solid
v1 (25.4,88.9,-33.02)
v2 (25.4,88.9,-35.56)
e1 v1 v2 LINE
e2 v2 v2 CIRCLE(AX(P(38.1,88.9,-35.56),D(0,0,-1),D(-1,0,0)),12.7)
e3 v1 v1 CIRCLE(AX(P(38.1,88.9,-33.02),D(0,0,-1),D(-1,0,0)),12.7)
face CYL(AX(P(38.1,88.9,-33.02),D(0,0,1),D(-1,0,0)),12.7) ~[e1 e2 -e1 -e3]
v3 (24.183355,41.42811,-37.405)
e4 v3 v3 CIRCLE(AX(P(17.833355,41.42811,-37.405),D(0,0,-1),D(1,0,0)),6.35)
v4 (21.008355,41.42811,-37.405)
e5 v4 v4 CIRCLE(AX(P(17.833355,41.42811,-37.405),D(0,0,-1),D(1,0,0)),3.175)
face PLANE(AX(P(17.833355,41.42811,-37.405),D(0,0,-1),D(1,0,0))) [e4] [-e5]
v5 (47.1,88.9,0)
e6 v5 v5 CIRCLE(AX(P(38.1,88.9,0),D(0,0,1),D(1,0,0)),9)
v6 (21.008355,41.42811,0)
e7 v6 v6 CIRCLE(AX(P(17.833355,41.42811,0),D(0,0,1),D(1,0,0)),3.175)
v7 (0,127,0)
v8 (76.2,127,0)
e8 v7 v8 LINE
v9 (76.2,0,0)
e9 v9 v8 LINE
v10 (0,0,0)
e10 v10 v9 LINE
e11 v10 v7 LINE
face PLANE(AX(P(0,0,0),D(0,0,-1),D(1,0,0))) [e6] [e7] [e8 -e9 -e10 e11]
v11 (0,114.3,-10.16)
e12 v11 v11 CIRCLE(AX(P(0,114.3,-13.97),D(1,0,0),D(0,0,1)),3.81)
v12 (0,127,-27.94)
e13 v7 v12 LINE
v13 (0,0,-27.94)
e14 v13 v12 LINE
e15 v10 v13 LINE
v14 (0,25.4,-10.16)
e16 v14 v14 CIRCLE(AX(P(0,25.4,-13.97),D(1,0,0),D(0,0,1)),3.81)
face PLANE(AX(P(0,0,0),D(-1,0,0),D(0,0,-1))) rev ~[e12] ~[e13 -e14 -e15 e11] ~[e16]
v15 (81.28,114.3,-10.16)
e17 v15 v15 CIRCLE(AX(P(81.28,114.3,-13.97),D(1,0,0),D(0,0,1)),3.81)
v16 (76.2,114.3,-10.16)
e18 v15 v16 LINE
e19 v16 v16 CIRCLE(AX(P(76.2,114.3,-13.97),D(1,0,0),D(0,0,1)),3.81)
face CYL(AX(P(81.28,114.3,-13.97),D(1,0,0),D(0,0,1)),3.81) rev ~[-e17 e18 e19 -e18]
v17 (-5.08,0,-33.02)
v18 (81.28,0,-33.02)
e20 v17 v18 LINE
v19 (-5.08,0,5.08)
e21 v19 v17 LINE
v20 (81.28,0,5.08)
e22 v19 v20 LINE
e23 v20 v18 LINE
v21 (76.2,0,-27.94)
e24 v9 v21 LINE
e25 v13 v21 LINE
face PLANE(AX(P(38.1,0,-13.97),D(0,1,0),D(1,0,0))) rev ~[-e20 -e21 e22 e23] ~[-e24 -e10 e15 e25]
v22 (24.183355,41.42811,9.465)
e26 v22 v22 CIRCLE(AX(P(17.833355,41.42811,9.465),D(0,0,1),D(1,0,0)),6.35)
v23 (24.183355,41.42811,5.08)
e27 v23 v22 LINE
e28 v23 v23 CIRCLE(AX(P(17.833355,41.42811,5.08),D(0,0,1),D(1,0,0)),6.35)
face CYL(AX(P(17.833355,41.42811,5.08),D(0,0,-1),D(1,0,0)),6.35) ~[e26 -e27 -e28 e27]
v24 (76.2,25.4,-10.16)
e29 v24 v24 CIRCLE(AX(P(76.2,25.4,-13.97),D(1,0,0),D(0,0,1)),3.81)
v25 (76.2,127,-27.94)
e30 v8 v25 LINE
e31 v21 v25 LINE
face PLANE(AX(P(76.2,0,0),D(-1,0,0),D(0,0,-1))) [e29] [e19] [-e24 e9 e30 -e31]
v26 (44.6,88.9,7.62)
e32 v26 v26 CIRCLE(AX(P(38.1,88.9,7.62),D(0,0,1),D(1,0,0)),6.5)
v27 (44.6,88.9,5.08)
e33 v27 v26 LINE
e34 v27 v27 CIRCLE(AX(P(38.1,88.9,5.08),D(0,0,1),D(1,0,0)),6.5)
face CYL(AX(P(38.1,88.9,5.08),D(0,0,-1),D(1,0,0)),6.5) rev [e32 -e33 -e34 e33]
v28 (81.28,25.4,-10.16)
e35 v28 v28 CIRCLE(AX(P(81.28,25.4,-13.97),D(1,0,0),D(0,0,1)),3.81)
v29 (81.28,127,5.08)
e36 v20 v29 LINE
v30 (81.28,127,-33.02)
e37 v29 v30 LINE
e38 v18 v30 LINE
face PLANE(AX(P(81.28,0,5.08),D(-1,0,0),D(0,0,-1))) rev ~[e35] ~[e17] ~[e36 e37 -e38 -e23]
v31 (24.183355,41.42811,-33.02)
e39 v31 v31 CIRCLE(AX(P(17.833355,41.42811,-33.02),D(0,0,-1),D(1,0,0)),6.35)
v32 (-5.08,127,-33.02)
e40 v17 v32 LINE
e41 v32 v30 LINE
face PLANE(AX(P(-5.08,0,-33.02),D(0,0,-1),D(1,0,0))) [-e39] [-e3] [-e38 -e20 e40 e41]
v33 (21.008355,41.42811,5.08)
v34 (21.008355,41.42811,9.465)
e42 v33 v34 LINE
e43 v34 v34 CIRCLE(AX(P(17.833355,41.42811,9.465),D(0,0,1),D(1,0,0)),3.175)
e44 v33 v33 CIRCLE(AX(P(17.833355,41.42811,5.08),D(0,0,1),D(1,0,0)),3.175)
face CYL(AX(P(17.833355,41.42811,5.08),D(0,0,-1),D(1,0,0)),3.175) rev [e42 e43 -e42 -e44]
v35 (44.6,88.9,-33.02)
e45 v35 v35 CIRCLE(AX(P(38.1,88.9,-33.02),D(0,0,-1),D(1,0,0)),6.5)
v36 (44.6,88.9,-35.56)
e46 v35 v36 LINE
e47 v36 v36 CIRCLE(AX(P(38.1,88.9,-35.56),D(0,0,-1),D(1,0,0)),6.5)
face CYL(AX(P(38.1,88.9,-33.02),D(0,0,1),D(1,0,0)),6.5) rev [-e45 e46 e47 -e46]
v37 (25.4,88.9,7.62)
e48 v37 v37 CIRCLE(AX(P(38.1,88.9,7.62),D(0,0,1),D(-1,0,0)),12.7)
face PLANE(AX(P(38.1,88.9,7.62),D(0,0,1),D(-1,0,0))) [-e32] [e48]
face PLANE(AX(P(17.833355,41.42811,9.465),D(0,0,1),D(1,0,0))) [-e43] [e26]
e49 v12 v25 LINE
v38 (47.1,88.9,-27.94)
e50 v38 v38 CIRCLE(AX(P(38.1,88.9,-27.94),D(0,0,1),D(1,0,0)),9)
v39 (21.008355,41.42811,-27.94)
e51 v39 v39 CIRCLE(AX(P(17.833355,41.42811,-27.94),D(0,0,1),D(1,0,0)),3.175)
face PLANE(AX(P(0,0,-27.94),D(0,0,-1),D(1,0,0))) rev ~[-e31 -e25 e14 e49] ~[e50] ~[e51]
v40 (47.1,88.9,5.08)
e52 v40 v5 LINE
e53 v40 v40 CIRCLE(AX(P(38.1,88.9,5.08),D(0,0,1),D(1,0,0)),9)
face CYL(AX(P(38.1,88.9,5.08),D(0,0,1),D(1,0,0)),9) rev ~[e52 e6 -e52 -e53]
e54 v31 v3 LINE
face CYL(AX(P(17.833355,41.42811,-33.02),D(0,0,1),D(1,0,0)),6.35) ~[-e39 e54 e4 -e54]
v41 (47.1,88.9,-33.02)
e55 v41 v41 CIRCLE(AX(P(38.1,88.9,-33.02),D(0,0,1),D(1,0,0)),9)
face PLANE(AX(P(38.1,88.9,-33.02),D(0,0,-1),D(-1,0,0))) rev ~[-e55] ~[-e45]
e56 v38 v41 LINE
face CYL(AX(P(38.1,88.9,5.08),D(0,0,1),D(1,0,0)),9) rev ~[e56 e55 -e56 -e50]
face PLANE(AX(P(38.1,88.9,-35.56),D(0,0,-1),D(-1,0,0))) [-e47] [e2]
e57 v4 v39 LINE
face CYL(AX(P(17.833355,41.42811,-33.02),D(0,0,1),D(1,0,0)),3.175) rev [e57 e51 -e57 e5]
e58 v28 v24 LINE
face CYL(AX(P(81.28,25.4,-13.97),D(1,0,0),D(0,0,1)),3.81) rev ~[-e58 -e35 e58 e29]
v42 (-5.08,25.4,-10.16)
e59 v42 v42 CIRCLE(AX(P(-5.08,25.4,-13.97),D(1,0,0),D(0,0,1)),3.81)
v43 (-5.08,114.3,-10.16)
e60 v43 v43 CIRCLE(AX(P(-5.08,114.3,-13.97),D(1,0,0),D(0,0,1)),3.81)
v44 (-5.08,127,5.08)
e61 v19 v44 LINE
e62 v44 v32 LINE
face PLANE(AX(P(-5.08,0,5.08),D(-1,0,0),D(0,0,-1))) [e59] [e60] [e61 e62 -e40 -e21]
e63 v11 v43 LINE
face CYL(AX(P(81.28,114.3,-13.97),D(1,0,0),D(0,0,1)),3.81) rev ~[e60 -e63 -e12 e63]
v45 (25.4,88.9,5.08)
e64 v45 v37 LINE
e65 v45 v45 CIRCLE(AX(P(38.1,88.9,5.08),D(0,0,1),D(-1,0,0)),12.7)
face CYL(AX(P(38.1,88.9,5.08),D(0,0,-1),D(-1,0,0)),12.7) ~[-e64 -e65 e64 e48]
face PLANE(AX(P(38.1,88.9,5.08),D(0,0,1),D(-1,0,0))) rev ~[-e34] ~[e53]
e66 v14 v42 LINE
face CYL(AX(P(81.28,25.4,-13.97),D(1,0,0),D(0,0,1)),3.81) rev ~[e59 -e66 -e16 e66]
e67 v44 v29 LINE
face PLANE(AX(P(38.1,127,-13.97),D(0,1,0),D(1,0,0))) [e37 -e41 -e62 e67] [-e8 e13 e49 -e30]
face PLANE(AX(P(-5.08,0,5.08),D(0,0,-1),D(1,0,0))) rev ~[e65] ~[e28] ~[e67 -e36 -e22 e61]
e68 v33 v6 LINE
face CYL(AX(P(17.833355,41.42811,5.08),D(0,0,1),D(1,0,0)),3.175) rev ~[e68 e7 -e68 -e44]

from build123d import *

# Parameters (mm, degrees)
SKETCH1_W               = 86.36
SKETCH1_H               = 38.1
SKETCH1_W_2             = 76.2
SKETCH1_H_2             = 27.94
BOSS_EXTRUDE1_DEPTH     = 127
SKETCH2_R               = 9.000000018
SKETCH2_R_2             = 3.175
CUT_EXTRUDE1_DEPTH      = 156.521858271
SKETCH3_R               = 3.81
CUT_EXTRUDE2_DEPTH      = 158.090324336
CUT_EXTRUDE2_DEPTH_BACK = 158.090324336
SKETCH4_R               = 6.35
SKETCH4_R_2             = 3.175
BOSS_EXTRUDE2_DEPTH     = 4.385
SKETCH5_R               = 6.35
SKETCH5_R_2             = 3.175
BOSS_EXTRUDE3_DEPTH     = 4.38500012
SKETCH6_R               = 12.7
SKETCH6_R_2             = 6.5
BOSS_EXTRUDE4_DEPTH     = 2.54
SKETCH7_R               = 12.7
SKETCH7_R_2             = 6.5
BOSS_EXTRUDE5_DEPTH     = 2.54


with BuildPart() as part:
    # Sketch1 → Boss-Extrude1 (new body)
    with BuildSketch(Plane(origin=(0, 0, 0), x_dir=(1, 0, 0), z_dir=(0, 1, 0))):
        with Locations((38.1, 13.97)):
            Rectangle(SKETCH1_W, SKETCH1_H)
        with Locations((38.1, 13.97)):
            Rectangle(SKETCH1_W_2, SKETCH1_H_2, mode=Mode.SUBTRACT)
    extrude(amount=BOSS_EXTRUDE1_DEPTH)

    # Sketch2 → Cut-Extrude1 (cut, through all)
    with BuildSketch(Plane.XY.offset(5.08)):
        with Locations((38.1, 88.9)):
            Circle(SKETCH2_R)
        with Locations((17.833355107, 41.428109825)):
            Circle(SKETCH2_R_2)
    extrude(amount=-CUT_EXTRUDE1_DEPTH, mode=Mode.SUBTRACT)

    # Sketch3 → Cut-Extrude2 (cut, two sides)
    with BuildSketch(Plane(origin=(81.28, 0, 0), x_dir=(0, 0, -1), z_dir=(1, 0, 0))) as cut_extrude2_sk:
        with Locations(Location((13.97, 114.3, 0), (0, 0, 180))):
            Circle(SKETCH3_R)
        with Locations(Location((13.97, 25.4, 0), (0, 0, 180))):
            Circle(SKETCH3_R)
    extrude(amount=CUT_EXTRUDE2_DEPTH, mode=Mode.SUBTRACT)
    extrude(cut_extrude2_sk.sketch, amount=-CUT_EXTRUDE2_DEPTH_BACK, mode=Mode.SUBTRACT)

    # Sketch4 → Boss-Extrude2 (add)
    with BuildSketch(Plane(origin=(0, 0, -33.02), x_dir=(-1, 0, 0), z_dir=(0, 0, -1))):
        with Locations(Location((-17.833355107, 41.428109825, 0), (0, 0, 180))):
            Circle(SKETCH4_R)
        with Locations(Location((-17.833355107, 41.428109825, 0), (0, 0, 180))):
            Circle(SKETCH4_R_2, mode=Mode.SUBTRACT)
    extrude(amount=BOSS_EXTRUDE2_DEPTH)

    # Sketch5 → Boss-Extrude3 (add)
    with BuildSketch(Plane.XY.offset(5.08)):
        with Locations((17.833355107, 41.428109825)):
            Circle(SKETCH5_R)
        with Locations((17.833355107, 41.428109825)):
            Circle(SKETCH5_R_2, mode=Mode.SUBTRACT)
    extrude(amount=BOSS_EXTRUDE3_DEPTH)

    # Sketch6 → Boss-Extrude4 (add)
    with BuildSketch(Plane.XY.offset(5.08)):
        with Locations(Location((38.1, 88.9, 0), (0, 0, 180))):
            Circle(SKETCH6_R)
        with Locations((38.1, 88.9)):
            Circle(SKETCH6_R_2, mode=Mode.SUBTRACT)
    extrude(amount=BOSS_EXTRUDE4_DEPTH)

    # Sketch7 → Boss-Extrude5 (add)
    with BuildSketch(Plane(origin=(0, 0, -33.02), x_dir=(-1, 0, 0), z_dir=(0, 0, -1))):
        with Locations((-38.1, 88.9)):
            Circle(SKETCH7_R)
        with Locations(Location((-38.1, 88.9, 0), (0, 0, 180))):
            Circle(SKETCH7_R_2, mode=Mode.SUBTRACT)
    extrude(amount=BOSS_EXTRUDE5_DEPTH)


solid = part.part
